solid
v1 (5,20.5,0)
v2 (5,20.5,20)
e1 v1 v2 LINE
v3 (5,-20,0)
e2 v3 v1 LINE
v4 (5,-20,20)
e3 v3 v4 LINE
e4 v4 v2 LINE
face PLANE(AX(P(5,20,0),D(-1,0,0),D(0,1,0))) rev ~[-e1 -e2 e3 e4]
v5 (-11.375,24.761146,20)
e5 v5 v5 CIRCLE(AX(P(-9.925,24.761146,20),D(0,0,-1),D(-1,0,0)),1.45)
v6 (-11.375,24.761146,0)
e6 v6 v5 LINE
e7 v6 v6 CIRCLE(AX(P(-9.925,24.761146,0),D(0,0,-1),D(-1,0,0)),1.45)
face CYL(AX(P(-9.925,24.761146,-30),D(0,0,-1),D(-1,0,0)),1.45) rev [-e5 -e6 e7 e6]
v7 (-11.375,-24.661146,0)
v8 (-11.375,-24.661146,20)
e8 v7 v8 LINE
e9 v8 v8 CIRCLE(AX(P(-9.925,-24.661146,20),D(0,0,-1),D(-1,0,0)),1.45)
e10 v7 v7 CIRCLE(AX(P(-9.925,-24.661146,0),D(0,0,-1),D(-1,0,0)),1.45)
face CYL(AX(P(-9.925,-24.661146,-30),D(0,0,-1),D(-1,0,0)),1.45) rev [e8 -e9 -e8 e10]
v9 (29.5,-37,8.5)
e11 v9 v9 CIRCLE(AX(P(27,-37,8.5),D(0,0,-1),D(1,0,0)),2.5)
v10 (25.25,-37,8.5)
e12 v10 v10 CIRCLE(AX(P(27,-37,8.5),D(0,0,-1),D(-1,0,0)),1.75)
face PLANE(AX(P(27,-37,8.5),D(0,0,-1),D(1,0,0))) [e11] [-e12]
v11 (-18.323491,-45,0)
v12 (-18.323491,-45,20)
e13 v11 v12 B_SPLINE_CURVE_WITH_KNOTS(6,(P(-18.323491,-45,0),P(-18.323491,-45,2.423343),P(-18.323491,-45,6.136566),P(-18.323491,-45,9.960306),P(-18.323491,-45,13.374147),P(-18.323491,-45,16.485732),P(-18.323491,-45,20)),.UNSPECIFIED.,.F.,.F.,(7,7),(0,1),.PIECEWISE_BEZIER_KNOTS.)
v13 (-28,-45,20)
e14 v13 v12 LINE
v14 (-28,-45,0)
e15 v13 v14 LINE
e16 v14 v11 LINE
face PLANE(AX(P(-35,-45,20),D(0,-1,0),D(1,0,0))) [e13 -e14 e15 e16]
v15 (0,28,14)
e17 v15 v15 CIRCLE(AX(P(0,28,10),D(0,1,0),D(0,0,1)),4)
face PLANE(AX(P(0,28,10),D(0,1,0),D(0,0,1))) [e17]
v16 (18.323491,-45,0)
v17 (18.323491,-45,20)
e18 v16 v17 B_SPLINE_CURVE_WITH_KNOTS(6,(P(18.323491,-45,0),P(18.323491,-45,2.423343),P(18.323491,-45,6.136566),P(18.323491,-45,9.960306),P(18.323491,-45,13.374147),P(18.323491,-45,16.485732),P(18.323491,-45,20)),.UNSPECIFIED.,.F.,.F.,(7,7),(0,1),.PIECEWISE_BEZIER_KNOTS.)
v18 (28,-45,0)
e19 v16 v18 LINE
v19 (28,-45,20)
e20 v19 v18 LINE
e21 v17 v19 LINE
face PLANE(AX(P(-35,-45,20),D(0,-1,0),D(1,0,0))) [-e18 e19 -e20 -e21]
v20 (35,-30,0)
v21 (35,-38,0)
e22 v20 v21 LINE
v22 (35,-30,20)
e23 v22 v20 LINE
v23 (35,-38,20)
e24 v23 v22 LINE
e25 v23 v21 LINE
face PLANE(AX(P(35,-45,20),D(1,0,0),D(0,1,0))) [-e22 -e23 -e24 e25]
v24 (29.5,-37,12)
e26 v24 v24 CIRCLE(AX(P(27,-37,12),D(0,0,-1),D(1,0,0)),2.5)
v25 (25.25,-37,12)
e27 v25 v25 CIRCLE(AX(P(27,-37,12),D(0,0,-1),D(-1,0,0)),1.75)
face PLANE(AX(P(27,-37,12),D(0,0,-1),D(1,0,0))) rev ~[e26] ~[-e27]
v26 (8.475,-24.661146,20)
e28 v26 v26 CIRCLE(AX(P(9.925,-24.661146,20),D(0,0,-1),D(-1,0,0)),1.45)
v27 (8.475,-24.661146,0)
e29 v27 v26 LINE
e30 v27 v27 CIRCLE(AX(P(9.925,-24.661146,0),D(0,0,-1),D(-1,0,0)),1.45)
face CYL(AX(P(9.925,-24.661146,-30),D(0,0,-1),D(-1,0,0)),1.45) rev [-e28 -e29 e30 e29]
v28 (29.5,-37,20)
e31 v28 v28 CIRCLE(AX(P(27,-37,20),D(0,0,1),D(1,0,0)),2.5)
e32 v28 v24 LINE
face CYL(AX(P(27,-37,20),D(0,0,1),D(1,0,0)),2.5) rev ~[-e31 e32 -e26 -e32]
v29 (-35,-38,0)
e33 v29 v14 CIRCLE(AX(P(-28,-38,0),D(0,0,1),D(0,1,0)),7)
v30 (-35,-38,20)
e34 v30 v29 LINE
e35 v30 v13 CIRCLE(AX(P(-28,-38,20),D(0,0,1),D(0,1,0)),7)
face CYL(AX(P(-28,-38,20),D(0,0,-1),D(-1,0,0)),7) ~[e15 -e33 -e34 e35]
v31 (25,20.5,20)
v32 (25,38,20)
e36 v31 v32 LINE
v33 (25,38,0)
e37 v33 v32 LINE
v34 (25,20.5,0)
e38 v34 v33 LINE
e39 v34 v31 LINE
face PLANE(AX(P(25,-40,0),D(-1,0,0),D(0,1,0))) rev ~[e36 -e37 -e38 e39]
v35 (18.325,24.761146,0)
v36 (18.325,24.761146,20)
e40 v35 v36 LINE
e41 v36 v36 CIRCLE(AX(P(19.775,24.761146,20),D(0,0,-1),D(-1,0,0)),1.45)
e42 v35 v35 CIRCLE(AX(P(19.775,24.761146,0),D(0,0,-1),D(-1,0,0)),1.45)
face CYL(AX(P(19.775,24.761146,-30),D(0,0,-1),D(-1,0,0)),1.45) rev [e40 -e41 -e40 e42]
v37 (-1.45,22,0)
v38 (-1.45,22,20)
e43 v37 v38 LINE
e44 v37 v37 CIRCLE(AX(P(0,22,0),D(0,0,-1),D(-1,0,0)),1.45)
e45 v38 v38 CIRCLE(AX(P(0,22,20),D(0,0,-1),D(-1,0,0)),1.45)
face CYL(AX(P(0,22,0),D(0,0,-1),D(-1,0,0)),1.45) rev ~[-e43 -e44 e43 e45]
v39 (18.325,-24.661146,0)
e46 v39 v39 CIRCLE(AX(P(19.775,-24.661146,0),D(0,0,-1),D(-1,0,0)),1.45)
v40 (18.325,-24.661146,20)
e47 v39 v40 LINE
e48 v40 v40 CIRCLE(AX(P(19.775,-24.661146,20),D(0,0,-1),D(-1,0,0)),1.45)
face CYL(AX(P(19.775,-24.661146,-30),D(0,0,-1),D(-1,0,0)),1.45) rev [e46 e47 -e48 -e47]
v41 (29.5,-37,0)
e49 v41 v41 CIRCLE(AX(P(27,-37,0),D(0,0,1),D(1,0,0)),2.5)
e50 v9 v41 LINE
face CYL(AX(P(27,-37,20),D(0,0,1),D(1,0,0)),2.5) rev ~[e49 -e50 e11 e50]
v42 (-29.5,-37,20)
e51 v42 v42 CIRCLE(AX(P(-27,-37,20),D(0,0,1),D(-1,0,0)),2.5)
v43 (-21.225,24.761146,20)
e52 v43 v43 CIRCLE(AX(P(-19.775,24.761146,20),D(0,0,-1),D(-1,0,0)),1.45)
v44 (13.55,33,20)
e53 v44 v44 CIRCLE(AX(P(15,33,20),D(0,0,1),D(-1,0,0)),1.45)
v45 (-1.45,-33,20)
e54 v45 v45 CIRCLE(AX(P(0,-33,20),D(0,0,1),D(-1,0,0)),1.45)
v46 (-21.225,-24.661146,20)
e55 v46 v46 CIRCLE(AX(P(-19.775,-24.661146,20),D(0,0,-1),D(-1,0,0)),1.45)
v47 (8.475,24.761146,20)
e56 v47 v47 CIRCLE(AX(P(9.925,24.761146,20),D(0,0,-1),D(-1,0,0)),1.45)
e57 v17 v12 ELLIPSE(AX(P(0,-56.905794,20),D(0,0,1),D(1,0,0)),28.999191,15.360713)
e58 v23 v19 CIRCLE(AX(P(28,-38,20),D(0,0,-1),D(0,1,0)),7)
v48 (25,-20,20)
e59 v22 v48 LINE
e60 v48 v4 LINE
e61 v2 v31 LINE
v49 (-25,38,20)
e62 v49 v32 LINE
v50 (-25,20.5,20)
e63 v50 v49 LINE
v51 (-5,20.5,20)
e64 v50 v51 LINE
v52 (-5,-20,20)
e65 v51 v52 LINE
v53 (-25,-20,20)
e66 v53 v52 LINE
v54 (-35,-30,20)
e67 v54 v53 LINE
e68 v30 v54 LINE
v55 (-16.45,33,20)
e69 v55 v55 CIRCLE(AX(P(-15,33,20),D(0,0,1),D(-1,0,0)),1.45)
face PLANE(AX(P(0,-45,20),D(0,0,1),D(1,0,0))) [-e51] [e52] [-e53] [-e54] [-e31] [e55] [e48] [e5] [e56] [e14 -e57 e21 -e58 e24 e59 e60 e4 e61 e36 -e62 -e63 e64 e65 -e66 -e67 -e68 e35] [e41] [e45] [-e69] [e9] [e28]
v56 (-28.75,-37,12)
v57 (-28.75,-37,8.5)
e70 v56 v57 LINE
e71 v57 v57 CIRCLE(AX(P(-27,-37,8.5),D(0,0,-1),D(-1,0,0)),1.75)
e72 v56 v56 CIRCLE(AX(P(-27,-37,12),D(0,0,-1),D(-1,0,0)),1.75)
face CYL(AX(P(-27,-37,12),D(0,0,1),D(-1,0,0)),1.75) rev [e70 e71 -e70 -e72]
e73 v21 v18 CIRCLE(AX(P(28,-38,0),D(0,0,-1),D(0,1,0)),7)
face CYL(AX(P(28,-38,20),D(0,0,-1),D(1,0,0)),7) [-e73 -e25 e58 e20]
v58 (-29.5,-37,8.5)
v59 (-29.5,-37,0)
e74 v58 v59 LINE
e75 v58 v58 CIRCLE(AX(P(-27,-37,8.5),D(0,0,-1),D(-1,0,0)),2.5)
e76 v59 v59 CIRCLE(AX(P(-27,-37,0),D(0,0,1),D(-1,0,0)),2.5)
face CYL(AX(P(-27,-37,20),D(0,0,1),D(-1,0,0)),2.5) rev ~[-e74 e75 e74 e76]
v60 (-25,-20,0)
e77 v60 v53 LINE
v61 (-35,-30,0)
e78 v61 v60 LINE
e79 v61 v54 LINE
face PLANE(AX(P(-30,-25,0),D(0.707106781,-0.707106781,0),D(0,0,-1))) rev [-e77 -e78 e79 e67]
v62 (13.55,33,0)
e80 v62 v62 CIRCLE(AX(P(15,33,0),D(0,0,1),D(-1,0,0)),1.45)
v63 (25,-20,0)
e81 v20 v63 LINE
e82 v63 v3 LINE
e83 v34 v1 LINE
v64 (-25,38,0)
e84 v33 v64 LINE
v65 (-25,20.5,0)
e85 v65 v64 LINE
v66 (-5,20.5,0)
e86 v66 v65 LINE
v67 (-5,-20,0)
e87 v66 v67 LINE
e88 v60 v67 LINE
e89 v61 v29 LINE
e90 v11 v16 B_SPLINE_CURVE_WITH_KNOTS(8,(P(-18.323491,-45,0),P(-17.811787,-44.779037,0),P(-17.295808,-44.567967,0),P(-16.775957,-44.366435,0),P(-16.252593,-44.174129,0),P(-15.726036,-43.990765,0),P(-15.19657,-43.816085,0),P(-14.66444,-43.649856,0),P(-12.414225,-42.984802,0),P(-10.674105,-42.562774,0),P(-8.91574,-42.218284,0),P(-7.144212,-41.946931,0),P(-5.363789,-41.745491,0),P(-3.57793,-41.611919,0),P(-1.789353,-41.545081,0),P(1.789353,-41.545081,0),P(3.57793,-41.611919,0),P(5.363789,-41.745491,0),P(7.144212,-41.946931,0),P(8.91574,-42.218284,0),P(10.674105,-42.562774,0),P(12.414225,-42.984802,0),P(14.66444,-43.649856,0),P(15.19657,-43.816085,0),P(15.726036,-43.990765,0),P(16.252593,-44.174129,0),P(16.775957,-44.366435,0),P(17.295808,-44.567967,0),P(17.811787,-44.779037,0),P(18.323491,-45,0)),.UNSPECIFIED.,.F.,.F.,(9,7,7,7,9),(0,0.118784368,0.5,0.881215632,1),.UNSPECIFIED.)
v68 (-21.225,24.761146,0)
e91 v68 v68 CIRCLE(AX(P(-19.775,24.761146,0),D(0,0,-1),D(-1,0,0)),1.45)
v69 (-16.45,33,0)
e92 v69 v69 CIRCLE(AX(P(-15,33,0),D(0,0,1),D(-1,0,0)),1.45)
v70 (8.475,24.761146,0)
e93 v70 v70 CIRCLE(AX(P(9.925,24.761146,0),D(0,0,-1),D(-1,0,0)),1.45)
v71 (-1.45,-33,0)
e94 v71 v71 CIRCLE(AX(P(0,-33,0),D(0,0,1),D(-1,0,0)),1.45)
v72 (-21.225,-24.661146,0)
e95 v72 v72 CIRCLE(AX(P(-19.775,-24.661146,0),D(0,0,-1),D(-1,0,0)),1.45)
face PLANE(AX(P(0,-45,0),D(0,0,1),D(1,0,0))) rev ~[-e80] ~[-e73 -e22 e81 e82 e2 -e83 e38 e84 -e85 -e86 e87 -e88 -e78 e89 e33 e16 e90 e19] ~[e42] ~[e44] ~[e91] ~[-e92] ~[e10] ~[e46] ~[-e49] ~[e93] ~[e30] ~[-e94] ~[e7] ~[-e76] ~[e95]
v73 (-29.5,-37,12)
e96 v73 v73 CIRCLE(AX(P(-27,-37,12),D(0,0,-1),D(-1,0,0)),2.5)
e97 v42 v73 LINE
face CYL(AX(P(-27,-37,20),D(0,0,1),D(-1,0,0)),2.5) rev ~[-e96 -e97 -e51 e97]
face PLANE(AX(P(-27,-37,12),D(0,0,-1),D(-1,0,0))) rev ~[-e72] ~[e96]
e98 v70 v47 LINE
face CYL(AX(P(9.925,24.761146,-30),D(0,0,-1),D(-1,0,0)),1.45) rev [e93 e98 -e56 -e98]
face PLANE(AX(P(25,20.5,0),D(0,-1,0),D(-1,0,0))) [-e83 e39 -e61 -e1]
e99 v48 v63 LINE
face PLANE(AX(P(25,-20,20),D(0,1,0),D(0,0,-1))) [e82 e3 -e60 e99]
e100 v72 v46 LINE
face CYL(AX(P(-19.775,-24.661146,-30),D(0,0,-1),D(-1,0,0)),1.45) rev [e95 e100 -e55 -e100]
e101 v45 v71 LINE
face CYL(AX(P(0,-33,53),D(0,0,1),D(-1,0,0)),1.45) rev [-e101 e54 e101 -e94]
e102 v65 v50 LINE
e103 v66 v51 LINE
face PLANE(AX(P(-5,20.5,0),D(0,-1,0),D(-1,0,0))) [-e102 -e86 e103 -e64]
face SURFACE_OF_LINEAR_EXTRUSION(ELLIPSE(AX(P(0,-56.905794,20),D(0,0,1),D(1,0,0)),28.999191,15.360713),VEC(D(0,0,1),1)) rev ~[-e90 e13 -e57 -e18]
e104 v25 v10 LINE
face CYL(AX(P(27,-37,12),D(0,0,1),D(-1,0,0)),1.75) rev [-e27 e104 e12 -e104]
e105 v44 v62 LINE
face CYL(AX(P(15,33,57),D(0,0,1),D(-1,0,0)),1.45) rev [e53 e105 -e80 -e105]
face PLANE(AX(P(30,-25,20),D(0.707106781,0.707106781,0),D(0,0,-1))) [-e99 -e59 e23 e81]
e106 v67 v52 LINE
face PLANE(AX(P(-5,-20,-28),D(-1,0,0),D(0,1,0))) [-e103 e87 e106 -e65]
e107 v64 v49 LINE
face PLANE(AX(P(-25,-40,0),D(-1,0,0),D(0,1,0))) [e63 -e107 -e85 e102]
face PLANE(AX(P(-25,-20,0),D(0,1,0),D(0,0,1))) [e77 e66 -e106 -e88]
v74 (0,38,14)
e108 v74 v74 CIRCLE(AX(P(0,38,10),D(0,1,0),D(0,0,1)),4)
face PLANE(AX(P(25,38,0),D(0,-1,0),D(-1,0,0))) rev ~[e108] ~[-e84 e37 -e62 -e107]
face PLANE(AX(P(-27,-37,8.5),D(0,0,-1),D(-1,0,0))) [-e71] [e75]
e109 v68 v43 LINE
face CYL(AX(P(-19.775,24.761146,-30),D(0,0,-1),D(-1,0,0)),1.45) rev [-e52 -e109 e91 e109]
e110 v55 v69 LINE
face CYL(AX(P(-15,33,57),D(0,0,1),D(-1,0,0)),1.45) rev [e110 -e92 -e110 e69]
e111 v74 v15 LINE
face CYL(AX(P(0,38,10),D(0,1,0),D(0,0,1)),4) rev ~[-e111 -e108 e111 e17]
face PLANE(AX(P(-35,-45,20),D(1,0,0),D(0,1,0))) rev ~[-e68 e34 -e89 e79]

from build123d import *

# Parameters (mm, degrees)
SKETCH_1_W                = 50
SKETCH_1_H                = 80
EXTRUDE_1_DEPTH           = 20
CUT_EXTRUDE_1_DEPTH       = 18
CUT_EXTRUDE_1_DEPTH_BACK  = 48
SKETCH_2_W                = 40
SKETCH_2_H                = 40
CUT_EXTRUDE_2_DEPTH       = 25
CUT_EXTRUDE_2_DEPTH_BACK  = 50
SKETCH_3_R                = 1.45
SKETCH_5_W                = 20
SKETCH_5_H                = 20
EXTRUDE_3_DEPTH           = 10
SKETCH_6_W                = 20
SKETCH_6_H                = 20
EXTRUDE_4_DEPTH           = 10
SKETCH_11_W               = 70
SKETCH_11_H               = 5
EXTRUDE_6_DEPTH           = 20
SKETCH_12_R               = 2.5
CUT_EXTRUDE_6_DEPTH       = 26
CHAMFER_1_SIZE            = 10
SKETCH_14_W               = 25
SKETCH_14_H               = 15
EXTRUDE_7_DEPTH           = 20
CHAMFER_2_SIZE            = 3
CHAMFER_3_SIZE            = 2
CUT_EXTRUDE_8_DEPTH       = 30
CUT_EXTRUDE_8_DEPTH_BACK  = 57
SKETCH_17_R               = 1.45
SKETCH_18_W               = 26.067158979
SKETCH_18_H               = 13.506639349
CUT_EXTRUDE_9_DEPTH       = 42
SKETCH_19_RX              = 28.99919082
SKETCH_19_RY              = 15.360713199
CUT_EXTRUDE_10_DEPTH      = 42
FILLET_1_R                = 7
EXTRUDE_START             = -12
SKETCH_20_R               = 2.5
SKETCH_20_R_2             = 1.75
EXTRUDE_8_DEPTH           = 3.5
SKETCH_21_W               = 20
SKETCH_21_H               = 0.5
CUT_EXTRUDE_11_DEPTH      = 31
SKETCH_22_W               = 50
SKETCH_22_H               = 2
CUT_EXTRUDE_12_DEPTH      = 31
CUT_EXTRUDE_14_DEPTH      = 14
CUT_EXTRUDE_14_DEPTH_BACK = 53
SKETCH_24_R               = 1.45
SKETCH_25_R               = 1.45
CUT_EXTRUDE_16_DEPTH      = 26
SKETCH_26_R               = 4
CUT_EXTRUDE_17_DEPTH      = 10


with BuildPart() as part:
    # 草图1 → 凸台-拉伸1 (new body)
    with BuildSketch(Plane.XY):
        Rectangle(SKETCH_1_W, SKETCH_1_H)
    extrude(amount=EXTRUDE_1_DEPTH)

    # 草图2 → 切除-拉伸1 (cut, two sides: drawn at the far end of the back side and taken through both)
    with BuildSketch(Plane.XY.offset(20).offset(-CUT_EXTRUDE_1_DEPTH_BACK)):
        with Locations((-25, 0)):
            Rectangle(SKETCH_2_W, SKETCH_2_H)
        with Locations((25, 0)):
            Rectangle(SKETCH_2_W, SKETCH_2_H)
    extrude(amount=CUT_EXTRUDE_1_DEPTH + CUT_EXTRUDE_1_DEPTH_BACK, mode=Mode.SUBTRACT)

    # 草图3 → 切除-拉伸2 (cut, two sides: drawn at the far end of the back side and taken through both)
    with BuildSketch(Plane.XY.offset(20).offset(-CUT_EXTRUDE_2_DEPTH_BACK)):
        with Locations(Location((9.925, -24.661145618, 0), (0, 0, 180))):
            Circle(SKETCH_3_R)
        with Locations(Location((19.775, -24.661145618, 0), (0, 0, 180))):
            Circle(SKETCH_3_R)
        with Locations(Location((9.925, 24.761145618, 0), (0, 0, 180))):
            Circle(SKETCH_3_R)
        with Locations(Location((19.775, 24.761145618, 0), (0, 0, 180))):
            Circle(SKETCH_3_R)
        with Locations(Location((-9.925, 24.761145618, 0), (0, 0, 180))):
            Circle(SKETCH_3_R)
        with Locations(Location((-19.775, 24.761145618, 0), (0, 0, 180))):
            Circle(SKETCH_3_R)
        with Locations(Location((-9.925, -24.661145618, 0), (0, 0, 180))):
            Circle(SKETCH_3_R)
        with Locations(Location((-19.775, -24.661145618, 0), (0, 0, 180))):
            Circle(SKETCH_3_R)
    extrude(amount=CUT_EXTRUDE_2_DEPTH + CUT_EXTRUDE_2_DEPTH_BACK, mode=Mode.SUBTRACT)

    # 草图5 → 凸台-拉伸3 (add)
    with BuildSketch(Plane(origin=(25, 0, 0), x_dir=(0, 0, -1), z_dir=(1, 0, 0))):
        with Locations((-10, -30)):
            Rectangle(SKETCH_5_W, SKETCH_5_H)
    extrude(amount=EXTRUDE_3_DEPTH)

    # 草图6 → 凸台-拉伸4 (add)
    with BuildSketch(Plane.ZY.offset(25)):
        with Locations((10, -30)):
            Rectangle(SKETCH_6_W, SKETCH_6_H)
    extrude(amount=EXTRUDE_4_DEPTH)

    # 草图11 → 凸台-拉伸6 (add)
    with BuildSketch(Plane.XY.offset(20)):
        with Locations((0, -42.5)):
            Rectangle(SKETCH_11_W, SKETCH_11_H)
    extrude(amount=-EXTRUDE_6_DEPTH)

    # 草图12 → 切除-拉伸6 (cut)
    with BuildSketch(Plane.XY.offset(20)):
        with Locations((27, -37)):
            Circle(SKETCH_12_R)
        with Locations(Location((-27, -37, 0), (0, 0, 180))):
            Circle(SKETCH_12_R)
    extrude(amount=-CUT_EXTRUDE_6_DEPTH, mode=Mode.SUBTRACT)

    # 倒角1
    chamfer_1_edges = [part.edges().sort_by_distance(p)[0] for p in [
        (35, -20, 10),
        (-35, -20, 10),
    ]]
    chamfer(chamfer_1_edges, length=CHAMFER_1_SIZE)

    # 草图14 → 凸台-拉伸7 (add)
    with BuildSketch(Plane.XY.offset(20)):
        with Locations((0, -45)):
            Rectangle(SKETCH_14_W, SKETCH_14_H)
    extrude(amount=-EXTRUDE_7_DEPTH)

    # 倒角2
    chamfer_2_edges = [part.edges().sort_by_distance(p)[0] for p in [
        (12.5, -52.5, 10),
        (-12.5, -52.5, 10),
    ]]
    chamfer(chamfer_2_edges, length=CHAMFER_2_SIZE)

    # 倒角3
    chamfer_3_edges = [part.edges().sort_by_distance(p)[0] for p in [
        (0, -52.5, 0),
        (0, -52.5, 20),
    ]]
    chamfer(chamfer_3_edges, length=CHAMFER_3_SIZE)

    # 草图17 → 切除-拉伸8 (cut, two sides: drawn at the far end of the back side and taken through both)
    with BuildSketch(Plane(origin=(0, 0, 0), x_dir=(-1, 0, 0), z_dir=(0, 0, -1)).offset(-CUT_EXTRUDE_8_DEPTH_BACK)):
        with Locations((15, 33)):
            Circle(SKETCH_17_R)
        with Locations((-15, 33)):
            Circle(SKETCH_17_R)
    extrude(amount=CUT_EXTRUDE_8_DEPTH + CUT_EXTRUDE_8_DEPTH_BACK, mode=Mode.SUBTRACT)

    # 草图18 → 切除-拉伸9 (cut)
    with BuildSketch(Plane.XY.offset(20)):
        with Locations((-0.53357949, -51.753319675)):
            Rectangle(SKETCH_18_W, SKETCH_18_H)
    extrude(amount=-CUT_EXTRUDE_9_DEPTH, mode=Mode.SUBTRACT)

    # 草图19 → 切除-拉伸10 (cut)
    with BuildSketch(Plane.XY.offset(20)):
        with Locations(Location((0, -56.905793797), (0, 0, 0))):
            Ellipse(SKETCH_19_RX, SKETCH_19_RY)
    extrude(amount=-CUT_EXTRUDE_10_DEPTH, mode=Mode.SUBTRACT)

    # 圆角1
    fillet_1_edges = [part.edges().sort_by_distance(p)[0] for p in [
        (-35, -45, 10),
        (35, -45, 10),
    ]]
    fillet(fillet_1_edges, radius=FILLET_1_R)

    # 草图20 → 凸台-拉伸8 (add)
    # profile 1 of 2: a face of its own
    with BuildSketch(Plane(origin=(0, 0, 0), x_dir=(-1, 0, 0), z_dir=(0, 0, -1)).offset(EXTRUDE_START)):
        with Locations((27, -37)):
            Circle(SKETCH_20_R)
        with Locations((27, -37)):
            Circle(SKETCH_20_R_2, mode=Mode.SUBTRACT)
    # profile 2 of 2: a face of its own
    with BuildSketch(Plane(origin=(0, 0, 0), x_dir=(-1, 0, 0), z_dir=(0, 0, -1)).offset(EXTRUDE_START)):
        with Locations(Location((-27, -37, 0), (0, 0, 180))):
            Circle(SKETCH_20_R)
        with Locations((-27, -37)):
            Circle(SKETCH_20_R_2, mode=Mode.SUBTRACT)
    extrude(amount=EXTRUDE_8_DEPTH)

    # 草图21 → 切除-拉伸11 (cut)
    with BuildSketch(Plane(origin=(0, 0, 0), x_dir=(-1, 0, 0), z_dir=(0, 0, -1))):
        with Locations((-15, 20.25)):
            Rectangle(SKETCH_21_W, SKETCH_21_H)
        with Locations((15, 20.25)):
            Rectangle(SKETCH_21_W, SKETCH_21_H)
    extrude(amount=-CUT_EXTRUDE_11_DEPTH, mode=Mode.SUBTRACT)

    # 草图22 → 切除-拉伸12 (cut)
    with BuildSketch(Plane(origin=(0, 0, 0), x_dir=(-1, 0, 0), z_dir=(0, 0, -1))):
        with Locations((0, 39)):
            Rectangle(SKETCH_22_W, SKETCH_22_H)
    extrude(amount=-CUT_EXTRUDE_12_DEPTH, mode=Mode.SUBTRACT)

    # 草图24 → 切除-拉伸14 (cut, two sides: drawn at the far end of the back side and taken through both)
    with BuildSketch(Plane(origin=(0, 0, 0), x_dir=(-1, 0, 0), z_dir=(0, 0, -1)).offset(-CUT_EXTRUDE_14_DEPTH_BACK)):
        with Locations((0, -33)):
            Circle(SKETCH_24_R)
    extrude(amount=CUT_EXTRUDE_14_DEPTH + CUT_EXTRUDE_14_DEPTH_BACK, mode=Mode.SUBTRACT)

    # 草图25 → 切除-拉伸16 (cut)
    with BuildSketch(Plane(origin=(0, 0, 0), x_dir=(-1, 0, 0), z_dir=(0, 0, -1))):
        with Locations((0, 22)):
            Circle(SKETCH_25_R)
    extrude(amount=-CUT_EXTRUDE_16_DEPTH, mode=Mode.SUBTRACT)

    # 草图26 → 切除-拉伸17 (cut)
    with BuildSketch(Plane(origin=(0, 38, 0), x_dir=(1, 0, 0), z_dir=(0, 1, 0))):
        with Locations(Location((0, -10, 0), (0, 0, 270))):
            Circle(SKETCH_26_R)
    extrude(amount=-CUT_EXTRUDE_17_DEPTH, mode=Mode.SUBTRACT)


solid = part.part
